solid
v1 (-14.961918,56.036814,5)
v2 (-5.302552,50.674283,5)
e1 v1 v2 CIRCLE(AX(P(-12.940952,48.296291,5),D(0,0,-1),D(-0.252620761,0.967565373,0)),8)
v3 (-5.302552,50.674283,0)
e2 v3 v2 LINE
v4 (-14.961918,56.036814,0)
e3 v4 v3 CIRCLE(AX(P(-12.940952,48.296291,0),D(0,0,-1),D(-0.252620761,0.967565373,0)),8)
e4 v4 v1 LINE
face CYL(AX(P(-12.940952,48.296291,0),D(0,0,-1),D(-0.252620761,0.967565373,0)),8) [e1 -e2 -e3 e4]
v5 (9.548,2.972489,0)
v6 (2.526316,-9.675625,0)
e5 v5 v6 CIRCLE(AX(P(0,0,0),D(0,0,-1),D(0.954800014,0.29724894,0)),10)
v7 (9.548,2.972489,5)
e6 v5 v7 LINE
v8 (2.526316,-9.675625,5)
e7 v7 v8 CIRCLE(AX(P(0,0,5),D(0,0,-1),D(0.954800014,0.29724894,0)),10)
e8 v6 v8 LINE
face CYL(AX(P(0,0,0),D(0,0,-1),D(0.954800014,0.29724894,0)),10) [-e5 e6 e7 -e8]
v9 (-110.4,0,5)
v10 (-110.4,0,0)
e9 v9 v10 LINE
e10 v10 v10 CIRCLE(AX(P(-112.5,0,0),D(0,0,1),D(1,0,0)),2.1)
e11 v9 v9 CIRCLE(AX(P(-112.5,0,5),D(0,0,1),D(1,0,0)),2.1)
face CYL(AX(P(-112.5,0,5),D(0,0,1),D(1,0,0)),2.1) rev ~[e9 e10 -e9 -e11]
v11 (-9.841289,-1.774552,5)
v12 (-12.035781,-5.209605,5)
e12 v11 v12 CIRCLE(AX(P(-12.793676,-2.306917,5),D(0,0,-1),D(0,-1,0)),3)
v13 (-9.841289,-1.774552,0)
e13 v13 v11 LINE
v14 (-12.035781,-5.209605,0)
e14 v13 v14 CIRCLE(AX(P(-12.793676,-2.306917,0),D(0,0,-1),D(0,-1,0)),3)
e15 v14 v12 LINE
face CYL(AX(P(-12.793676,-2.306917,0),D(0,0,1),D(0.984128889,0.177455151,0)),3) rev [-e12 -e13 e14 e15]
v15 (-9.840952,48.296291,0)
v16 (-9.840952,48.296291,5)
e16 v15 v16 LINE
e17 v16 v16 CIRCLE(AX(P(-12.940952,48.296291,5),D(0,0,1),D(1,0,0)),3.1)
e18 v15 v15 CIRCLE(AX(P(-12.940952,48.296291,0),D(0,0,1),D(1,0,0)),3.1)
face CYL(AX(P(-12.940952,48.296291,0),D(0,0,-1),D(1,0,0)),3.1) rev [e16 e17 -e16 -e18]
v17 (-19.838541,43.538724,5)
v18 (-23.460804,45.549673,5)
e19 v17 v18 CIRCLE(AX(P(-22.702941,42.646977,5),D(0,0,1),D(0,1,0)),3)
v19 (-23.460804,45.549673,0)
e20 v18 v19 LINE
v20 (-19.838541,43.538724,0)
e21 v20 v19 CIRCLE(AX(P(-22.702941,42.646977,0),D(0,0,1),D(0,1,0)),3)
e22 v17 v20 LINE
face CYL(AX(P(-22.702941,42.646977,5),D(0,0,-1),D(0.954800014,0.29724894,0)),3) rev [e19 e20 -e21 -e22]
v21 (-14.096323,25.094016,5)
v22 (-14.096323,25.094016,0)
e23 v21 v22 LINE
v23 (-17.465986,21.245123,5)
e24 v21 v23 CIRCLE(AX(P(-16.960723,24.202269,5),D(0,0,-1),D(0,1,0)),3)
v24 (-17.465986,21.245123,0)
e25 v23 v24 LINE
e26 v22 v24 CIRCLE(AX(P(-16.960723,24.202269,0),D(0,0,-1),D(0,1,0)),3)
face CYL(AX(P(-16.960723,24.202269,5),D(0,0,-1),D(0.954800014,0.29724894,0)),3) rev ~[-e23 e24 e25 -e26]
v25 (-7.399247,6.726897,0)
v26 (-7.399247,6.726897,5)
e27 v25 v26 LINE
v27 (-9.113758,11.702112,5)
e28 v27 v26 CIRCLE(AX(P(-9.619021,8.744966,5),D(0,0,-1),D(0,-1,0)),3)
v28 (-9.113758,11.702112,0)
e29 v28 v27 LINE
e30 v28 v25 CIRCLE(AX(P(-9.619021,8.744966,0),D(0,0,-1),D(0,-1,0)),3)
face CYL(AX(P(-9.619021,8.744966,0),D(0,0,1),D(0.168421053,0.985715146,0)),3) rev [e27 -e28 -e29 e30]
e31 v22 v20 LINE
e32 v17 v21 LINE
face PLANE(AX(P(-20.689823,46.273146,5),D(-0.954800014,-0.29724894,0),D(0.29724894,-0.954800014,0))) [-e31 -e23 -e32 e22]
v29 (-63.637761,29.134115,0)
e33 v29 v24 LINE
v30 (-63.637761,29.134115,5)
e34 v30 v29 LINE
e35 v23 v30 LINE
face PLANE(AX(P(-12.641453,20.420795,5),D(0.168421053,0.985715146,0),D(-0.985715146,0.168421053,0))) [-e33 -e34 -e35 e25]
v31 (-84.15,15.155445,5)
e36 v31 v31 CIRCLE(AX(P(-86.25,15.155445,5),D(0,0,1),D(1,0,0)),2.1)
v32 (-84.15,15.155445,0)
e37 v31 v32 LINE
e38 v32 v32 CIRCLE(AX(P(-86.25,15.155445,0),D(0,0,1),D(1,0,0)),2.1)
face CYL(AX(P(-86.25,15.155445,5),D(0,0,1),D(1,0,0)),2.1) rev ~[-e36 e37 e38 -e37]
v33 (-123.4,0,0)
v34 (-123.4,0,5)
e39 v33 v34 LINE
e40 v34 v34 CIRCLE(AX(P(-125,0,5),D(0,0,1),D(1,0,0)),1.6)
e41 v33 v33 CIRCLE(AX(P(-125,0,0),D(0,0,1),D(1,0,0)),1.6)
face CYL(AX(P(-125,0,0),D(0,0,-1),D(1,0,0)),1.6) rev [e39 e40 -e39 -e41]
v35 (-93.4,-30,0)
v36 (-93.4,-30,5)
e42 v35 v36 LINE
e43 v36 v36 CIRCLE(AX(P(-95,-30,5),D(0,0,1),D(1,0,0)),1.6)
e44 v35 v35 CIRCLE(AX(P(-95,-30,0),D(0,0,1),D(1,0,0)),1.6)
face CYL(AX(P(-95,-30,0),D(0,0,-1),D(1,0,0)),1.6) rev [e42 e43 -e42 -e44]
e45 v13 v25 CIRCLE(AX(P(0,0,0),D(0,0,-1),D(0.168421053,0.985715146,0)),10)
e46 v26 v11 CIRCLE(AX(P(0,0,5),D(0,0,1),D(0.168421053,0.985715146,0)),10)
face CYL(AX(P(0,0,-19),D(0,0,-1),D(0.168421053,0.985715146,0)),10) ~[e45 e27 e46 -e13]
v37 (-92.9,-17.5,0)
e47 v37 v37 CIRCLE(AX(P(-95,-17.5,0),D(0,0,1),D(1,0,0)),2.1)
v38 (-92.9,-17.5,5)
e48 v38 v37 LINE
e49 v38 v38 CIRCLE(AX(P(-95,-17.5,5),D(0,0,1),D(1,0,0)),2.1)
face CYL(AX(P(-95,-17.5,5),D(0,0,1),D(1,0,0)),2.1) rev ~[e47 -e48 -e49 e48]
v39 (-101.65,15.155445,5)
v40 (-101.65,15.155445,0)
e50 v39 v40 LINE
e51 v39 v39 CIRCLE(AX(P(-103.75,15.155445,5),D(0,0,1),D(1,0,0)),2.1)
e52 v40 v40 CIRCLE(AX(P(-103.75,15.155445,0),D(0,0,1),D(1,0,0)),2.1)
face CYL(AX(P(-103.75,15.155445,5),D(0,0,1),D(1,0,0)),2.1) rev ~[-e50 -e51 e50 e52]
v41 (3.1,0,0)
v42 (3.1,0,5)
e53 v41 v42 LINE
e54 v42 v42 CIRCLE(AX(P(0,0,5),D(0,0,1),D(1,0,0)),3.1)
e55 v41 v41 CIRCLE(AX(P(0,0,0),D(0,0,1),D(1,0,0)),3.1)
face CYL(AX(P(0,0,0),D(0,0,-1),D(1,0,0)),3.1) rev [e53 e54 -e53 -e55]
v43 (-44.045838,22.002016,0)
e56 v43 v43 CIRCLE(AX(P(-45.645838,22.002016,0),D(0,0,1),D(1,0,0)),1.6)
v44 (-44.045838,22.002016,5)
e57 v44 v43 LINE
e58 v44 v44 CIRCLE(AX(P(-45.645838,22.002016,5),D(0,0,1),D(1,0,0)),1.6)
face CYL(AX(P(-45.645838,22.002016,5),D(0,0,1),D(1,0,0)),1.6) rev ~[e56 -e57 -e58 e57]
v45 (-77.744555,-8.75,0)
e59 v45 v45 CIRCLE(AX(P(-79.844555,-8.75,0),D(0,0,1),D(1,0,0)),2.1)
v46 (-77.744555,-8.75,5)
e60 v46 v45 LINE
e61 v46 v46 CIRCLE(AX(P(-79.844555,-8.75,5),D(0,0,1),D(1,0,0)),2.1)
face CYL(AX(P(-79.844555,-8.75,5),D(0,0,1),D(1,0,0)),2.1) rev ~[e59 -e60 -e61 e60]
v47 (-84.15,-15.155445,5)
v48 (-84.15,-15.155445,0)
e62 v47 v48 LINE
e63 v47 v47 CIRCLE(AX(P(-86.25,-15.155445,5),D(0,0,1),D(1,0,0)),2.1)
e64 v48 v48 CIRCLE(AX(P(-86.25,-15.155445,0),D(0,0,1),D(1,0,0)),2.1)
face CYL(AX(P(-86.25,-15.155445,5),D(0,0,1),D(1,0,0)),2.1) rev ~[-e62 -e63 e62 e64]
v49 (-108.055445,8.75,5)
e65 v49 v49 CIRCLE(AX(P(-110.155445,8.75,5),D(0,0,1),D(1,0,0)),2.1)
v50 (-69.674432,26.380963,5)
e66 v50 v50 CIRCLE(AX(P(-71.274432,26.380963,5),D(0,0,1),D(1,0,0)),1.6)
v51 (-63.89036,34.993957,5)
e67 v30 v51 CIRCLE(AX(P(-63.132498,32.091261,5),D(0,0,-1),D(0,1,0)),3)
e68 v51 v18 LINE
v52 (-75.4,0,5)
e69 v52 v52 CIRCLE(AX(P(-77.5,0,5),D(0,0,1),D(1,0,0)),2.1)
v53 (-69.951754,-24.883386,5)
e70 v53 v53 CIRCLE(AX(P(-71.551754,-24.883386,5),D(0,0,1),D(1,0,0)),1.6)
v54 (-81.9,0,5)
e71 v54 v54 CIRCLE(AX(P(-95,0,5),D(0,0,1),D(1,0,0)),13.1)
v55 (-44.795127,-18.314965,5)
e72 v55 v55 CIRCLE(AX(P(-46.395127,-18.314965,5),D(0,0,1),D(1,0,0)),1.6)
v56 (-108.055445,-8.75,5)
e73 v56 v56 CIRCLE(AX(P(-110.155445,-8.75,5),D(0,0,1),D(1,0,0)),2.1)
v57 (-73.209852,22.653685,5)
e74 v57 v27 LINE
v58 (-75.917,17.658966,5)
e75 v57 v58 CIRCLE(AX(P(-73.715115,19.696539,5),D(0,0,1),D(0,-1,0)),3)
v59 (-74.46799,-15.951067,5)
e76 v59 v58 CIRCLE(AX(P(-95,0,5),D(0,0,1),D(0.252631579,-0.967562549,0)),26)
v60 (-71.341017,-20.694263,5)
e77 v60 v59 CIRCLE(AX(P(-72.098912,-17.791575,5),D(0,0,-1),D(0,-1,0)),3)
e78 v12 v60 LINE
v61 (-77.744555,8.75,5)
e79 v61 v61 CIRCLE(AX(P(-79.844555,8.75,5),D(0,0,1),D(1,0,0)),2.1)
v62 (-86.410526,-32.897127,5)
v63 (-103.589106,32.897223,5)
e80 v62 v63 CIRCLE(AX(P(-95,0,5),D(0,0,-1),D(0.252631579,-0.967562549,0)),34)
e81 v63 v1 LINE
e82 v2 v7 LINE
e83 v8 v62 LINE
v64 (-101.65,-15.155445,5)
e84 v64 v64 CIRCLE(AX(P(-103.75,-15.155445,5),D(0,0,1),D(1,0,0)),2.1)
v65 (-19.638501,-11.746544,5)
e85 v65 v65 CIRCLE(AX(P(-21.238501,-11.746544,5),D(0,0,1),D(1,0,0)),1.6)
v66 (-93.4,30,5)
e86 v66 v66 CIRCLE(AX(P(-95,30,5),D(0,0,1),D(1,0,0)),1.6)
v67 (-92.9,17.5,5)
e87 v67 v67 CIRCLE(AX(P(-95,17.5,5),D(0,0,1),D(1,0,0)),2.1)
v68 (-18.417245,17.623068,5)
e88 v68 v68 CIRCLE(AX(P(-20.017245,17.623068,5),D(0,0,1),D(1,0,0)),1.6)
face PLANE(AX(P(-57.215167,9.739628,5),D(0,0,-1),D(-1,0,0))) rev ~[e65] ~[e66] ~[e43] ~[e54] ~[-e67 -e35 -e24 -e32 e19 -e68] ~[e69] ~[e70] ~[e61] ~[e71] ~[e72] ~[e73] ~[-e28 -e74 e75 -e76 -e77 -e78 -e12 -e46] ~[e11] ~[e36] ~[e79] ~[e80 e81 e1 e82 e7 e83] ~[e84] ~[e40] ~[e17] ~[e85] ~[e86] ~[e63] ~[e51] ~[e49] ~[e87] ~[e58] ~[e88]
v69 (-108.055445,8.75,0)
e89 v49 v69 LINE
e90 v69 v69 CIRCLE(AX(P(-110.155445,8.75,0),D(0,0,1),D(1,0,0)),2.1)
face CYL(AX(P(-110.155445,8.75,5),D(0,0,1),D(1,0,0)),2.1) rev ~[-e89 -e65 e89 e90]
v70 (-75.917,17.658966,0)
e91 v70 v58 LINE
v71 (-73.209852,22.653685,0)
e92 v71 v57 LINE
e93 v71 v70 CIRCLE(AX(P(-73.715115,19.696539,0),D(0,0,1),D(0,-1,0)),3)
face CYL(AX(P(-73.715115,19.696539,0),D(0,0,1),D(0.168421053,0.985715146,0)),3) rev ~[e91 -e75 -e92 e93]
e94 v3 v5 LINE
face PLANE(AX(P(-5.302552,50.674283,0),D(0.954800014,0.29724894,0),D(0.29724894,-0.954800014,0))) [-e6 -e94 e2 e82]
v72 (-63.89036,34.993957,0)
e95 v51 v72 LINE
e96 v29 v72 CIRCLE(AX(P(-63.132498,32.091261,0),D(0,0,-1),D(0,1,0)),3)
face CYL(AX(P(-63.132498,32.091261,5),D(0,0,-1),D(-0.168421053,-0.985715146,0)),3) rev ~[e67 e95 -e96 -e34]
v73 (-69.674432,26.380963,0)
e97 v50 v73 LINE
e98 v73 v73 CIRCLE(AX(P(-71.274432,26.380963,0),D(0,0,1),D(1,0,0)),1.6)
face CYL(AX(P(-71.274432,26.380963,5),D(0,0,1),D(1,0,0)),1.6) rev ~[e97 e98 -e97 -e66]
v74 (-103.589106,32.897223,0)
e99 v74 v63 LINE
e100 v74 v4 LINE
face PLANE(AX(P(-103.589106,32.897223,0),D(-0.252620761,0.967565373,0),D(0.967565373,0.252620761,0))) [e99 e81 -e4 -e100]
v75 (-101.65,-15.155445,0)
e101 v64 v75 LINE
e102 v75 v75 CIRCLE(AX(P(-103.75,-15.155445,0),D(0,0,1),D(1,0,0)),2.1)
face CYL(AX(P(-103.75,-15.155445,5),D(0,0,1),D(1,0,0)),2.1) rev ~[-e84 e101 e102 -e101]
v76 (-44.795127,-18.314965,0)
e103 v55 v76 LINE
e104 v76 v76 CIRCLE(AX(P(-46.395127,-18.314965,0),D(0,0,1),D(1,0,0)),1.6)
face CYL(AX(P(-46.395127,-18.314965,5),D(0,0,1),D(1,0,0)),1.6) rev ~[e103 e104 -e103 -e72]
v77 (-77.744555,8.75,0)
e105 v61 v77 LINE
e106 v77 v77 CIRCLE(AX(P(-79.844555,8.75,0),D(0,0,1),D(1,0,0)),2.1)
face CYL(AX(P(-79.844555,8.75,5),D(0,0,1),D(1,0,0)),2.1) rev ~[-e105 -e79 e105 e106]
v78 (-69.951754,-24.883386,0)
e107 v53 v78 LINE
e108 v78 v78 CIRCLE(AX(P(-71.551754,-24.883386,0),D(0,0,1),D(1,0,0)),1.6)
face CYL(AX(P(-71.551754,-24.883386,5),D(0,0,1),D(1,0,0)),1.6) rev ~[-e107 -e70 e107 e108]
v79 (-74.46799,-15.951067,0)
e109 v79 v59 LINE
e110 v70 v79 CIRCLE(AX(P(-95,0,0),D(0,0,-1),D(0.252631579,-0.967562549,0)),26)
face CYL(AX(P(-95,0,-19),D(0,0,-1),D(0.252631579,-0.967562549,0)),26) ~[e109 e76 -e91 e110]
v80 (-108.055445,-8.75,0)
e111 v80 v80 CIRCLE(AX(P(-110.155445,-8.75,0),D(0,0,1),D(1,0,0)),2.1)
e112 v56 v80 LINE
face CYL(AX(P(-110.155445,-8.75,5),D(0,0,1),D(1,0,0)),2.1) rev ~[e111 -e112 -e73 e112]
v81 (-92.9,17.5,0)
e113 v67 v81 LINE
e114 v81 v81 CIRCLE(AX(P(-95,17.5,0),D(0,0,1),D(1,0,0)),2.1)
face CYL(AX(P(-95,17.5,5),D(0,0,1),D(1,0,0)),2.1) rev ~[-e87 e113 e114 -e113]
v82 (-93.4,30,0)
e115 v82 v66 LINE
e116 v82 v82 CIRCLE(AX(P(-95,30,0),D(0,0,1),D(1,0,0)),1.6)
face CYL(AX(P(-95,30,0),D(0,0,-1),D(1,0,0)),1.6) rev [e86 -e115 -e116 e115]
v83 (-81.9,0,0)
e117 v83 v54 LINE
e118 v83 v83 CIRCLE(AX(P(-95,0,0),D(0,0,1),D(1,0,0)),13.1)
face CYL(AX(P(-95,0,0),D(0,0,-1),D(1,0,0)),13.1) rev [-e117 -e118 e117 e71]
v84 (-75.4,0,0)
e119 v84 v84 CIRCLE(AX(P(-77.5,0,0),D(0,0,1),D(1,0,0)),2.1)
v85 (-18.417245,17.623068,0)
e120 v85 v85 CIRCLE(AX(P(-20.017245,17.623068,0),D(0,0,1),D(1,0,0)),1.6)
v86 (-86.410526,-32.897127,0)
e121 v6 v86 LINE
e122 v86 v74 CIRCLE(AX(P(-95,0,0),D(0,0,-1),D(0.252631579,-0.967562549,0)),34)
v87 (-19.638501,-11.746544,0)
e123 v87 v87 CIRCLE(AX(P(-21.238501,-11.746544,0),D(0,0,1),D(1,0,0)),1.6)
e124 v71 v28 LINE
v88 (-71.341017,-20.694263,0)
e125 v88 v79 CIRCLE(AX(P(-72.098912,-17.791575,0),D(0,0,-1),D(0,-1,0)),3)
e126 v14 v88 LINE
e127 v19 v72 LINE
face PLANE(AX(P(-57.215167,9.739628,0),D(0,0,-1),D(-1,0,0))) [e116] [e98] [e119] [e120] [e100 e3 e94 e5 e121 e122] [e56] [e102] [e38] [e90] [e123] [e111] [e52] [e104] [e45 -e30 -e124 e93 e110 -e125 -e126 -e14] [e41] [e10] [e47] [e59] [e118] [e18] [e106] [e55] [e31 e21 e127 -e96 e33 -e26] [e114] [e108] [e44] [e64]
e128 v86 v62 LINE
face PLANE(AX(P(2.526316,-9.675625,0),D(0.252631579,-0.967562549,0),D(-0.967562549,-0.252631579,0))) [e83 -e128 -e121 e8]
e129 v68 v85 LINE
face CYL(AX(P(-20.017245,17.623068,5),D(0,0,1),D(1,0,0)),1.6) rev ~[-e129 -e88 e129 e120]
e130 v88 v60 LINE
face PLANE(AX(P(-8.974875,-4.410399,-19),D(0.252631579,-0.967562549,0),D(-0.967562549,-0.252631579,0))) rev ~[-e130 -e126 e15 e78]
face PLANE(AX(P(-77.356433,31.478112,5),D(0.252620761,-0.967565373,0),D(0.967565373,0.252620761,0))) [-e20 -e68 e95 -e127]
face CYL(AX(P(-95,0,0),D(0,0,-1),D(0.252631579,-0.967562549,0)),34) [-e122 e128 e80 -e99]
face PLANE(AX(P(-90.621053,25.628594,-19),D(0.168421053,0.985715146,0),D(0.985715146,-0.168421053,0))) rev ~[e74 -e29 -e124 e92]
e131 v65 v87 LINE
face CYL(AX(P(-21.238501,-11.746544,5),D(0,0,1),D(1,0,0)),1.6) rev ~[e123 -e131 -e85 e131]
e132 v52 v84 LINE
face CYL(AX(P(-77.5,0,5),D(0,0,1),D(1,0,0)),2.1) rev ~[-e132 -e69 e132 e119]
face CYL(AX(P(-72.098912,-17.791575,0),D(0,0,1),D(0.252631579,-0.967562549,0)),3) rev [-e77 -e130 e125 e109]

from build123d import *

# Parameters (mm, degrees)
SKETCH_1_R          = 3.1
SKETCH_1_R_2        = 13.1
SKETCH_1_R_3        = 1.6
EXTRUDE_1_DEPTH     = 5
SKETCH_3_R          = 2.1
CUT_EXTRUDE_1_DEPTH = 34
CUT_EXTRUDE_START   = -24
CUT_EXTRUDE_2_DEPTH = 24
FILLET_1_R          = 3
SKETCH_5_R          = 1.6
CUT_EXTRUDE_3_DEPTH = 24
CUT_EXTRUDE_4_DEPTH = 34
FILLET_2_R          = 3


with BuildPart() as part:
    # 草图1 → 凸台-拉伸1 (new body)
    with BuildSketch(Plane.XY):
        with BuildLine():
            Line((-103.589105886, 32.89722268), (-14.961918346, 56.036814298))
            ThreePointArc((-14.961918346, 56.036814298), (-9.057902271, 55.29071215), (-5.302552139, 50.674282835))
            Line((-5.302552139, 50.674282835), (9.548000145, 2.9724894))
            ThreePointArc((9.548000145, 2.9724894), (8.743053177, -4.853763606), (2.526315789, -9.675625485))
            Line((2.526315789, -9.675625485), (-86.410526316, -32.89712665))
            ThreePointArc((-86.410526316, -32.89712665), (-127.897174666, -8.589289785), (-103.589105886, 32.89722268))
        make_face()
        Circle(SKETCH_1_R, mode=Mode.SUBTRACT)
        with Locations((-95, 0)):
            Circle(SKETCH_1_R_2, mode=Mode.SUBTRACT)
        with Locations((-12.940952255, 48.296291314)):
            Circle(SKETCH_1_R, mode=Mode.SUBTRACT)
        with Locations((-95, 30)):
            Circle(SKETCH_1_R_3, mode=Mode.SUBTRACT)
        with Locations((-125, 0)):
            Circle(SKETCH_1_R_3, mode=Mode.SUBTRACT)
        with Locations((-95, -30)):
            Circle(SKETCH_1_R_3, mode=Mode.SUBTRACT)
    extrude(amount=EXTRUDE_1_DEPTH)

    # 草图3 → 切除-拉伸1 (cut)
    with BuildSketch(Plane.XY.offset(5)):
        with Locations((-95, 17.5)):
            Circle(SKETCH_3_R)
        with Locations((-86.25, 15.155444566)):
            Circle(SKETCH_3_R)
        with Locations((-79.844555434, 8.75)):
            Circle(SKETCH_3_R)
        with Locations((-77.5, 0)):
            Circle(SKETCH_3_R)
        with Locations((-79.844555434, -8.75)):
            Circle(SKETCH_3_R)
        with Locations((-86.25, -15.155444566)):
            Circle(SKETCH_3_R)
        with Locations((-95, -17.5)):
            Circle(SKETCH_3_R)
        with Locations((-103.75, -15.155444566)):
            Circle(SKETCH_3_R)
        with Locations((-110.155444566, -8.75)):
            Circle(SKETCH_3_R)
        with Locations((-112.5, 0)):
            Circle(SKETCH_3_R)
        with Locations((-110.155444566, 8.75)):
            Circle(SKETCH_3_R)
        with Locations((-103.75, 15.155444566)):
            Circle(SKETCH_3_R)
    extrude(amount=-CUT_EXTRUDE_1_DEPTH, mode=Mode.SUBTRACT)

    # 草图4 → 切除-拉伸2 (cut)
    with BuildSketch(Plane.XY.offset(5).offset(CUT_EXTRUDE_START)):
        with BuildLine():
            Line((-90.621052632, 25.628593796), (1.684210526, 9.85715146))
            ThreePointArc((1.684210526, 9.85715146), (-8.011191904, 5.985048394), (-8.974874995, -4.410398942))
            Line((-8.974874995, -4.410398942), (-88.431578947, -25.156626262))
            ThreePointArc((-88.431578947, -25.156626262), (-69.024129218, 1.119882624), (-90.621052632, 25.628593796))
        make_face()
    extrude(amount=CUT_EXTRUDE_2_DEPTH, mode=Mode.SUBTRACT)

    # 圆角1
    fillet_1_edges = [part.edges().sort_by_distance(p)[0] for p in [
        (-88.431578947, -25.156626262, 2.5),
        (-90.621052632, 25.628593796, 2.5),
        (1.684210526, 9.85715146, 2.5),
        (-8.974874995, -4.410398942, 2.5),
    ]]
    fillet(fillet_1_edges, radius=FILLET_1_R)

    # 草图5 → 切除-拉伸3 (cut)
    with BuildSketch(Plane.XY.offset(5)):
        with Locations((-71.551753536, -24.883386101)):
            Circle(SKETCH_5_R)
        with Locations((-46.395127275, -18.314965049)):
            Circle(SKETCH_5_R)
        with Locations((-21.238501013, -11.746543996)):
            Circle(SKETCH_5_R)
        with Locations((-71.274432107, 26.380963088)):
            Circle(SKETCH_5_R)
        with Locations((-45.645838312, 22.002015719)):
            Circle(SKETCH_5_R)
        with Locations((-20.017244516, 17.623068351)):
            Circle(SKETCH_5_R)
    extrude(amount=-CUT_EXTRUDE_3_DEPTH, mode=Mode.SUBTRACT)

    # 草图6 → 切除-拉伸4 (cut)
    with BuildSketch(Plane.XY.offset(5)):
        Polygon((-77.356433109, 31.478112128), (-20.689823209, 46.27314566), (-12.641453143, 20.420794919), align=None)
    extrude(amount=-CUT_EXTRUDE_4_DEPTH, mode=Mode.SUBTRACT)

    # 圆角2
    fillet_2_edges = [part.edges().sort_by_distance(p)[0] for p in [
        (-12.641453143, 20.420794919, 2.5),
        (-77.356433109, 31.478112128, 2.5),
        (-20.689823209, 46.27314566, 2.5),
    ]]
    fillet(fillet_2_edges, radius=FILLET_2_R)


solid = part.part
